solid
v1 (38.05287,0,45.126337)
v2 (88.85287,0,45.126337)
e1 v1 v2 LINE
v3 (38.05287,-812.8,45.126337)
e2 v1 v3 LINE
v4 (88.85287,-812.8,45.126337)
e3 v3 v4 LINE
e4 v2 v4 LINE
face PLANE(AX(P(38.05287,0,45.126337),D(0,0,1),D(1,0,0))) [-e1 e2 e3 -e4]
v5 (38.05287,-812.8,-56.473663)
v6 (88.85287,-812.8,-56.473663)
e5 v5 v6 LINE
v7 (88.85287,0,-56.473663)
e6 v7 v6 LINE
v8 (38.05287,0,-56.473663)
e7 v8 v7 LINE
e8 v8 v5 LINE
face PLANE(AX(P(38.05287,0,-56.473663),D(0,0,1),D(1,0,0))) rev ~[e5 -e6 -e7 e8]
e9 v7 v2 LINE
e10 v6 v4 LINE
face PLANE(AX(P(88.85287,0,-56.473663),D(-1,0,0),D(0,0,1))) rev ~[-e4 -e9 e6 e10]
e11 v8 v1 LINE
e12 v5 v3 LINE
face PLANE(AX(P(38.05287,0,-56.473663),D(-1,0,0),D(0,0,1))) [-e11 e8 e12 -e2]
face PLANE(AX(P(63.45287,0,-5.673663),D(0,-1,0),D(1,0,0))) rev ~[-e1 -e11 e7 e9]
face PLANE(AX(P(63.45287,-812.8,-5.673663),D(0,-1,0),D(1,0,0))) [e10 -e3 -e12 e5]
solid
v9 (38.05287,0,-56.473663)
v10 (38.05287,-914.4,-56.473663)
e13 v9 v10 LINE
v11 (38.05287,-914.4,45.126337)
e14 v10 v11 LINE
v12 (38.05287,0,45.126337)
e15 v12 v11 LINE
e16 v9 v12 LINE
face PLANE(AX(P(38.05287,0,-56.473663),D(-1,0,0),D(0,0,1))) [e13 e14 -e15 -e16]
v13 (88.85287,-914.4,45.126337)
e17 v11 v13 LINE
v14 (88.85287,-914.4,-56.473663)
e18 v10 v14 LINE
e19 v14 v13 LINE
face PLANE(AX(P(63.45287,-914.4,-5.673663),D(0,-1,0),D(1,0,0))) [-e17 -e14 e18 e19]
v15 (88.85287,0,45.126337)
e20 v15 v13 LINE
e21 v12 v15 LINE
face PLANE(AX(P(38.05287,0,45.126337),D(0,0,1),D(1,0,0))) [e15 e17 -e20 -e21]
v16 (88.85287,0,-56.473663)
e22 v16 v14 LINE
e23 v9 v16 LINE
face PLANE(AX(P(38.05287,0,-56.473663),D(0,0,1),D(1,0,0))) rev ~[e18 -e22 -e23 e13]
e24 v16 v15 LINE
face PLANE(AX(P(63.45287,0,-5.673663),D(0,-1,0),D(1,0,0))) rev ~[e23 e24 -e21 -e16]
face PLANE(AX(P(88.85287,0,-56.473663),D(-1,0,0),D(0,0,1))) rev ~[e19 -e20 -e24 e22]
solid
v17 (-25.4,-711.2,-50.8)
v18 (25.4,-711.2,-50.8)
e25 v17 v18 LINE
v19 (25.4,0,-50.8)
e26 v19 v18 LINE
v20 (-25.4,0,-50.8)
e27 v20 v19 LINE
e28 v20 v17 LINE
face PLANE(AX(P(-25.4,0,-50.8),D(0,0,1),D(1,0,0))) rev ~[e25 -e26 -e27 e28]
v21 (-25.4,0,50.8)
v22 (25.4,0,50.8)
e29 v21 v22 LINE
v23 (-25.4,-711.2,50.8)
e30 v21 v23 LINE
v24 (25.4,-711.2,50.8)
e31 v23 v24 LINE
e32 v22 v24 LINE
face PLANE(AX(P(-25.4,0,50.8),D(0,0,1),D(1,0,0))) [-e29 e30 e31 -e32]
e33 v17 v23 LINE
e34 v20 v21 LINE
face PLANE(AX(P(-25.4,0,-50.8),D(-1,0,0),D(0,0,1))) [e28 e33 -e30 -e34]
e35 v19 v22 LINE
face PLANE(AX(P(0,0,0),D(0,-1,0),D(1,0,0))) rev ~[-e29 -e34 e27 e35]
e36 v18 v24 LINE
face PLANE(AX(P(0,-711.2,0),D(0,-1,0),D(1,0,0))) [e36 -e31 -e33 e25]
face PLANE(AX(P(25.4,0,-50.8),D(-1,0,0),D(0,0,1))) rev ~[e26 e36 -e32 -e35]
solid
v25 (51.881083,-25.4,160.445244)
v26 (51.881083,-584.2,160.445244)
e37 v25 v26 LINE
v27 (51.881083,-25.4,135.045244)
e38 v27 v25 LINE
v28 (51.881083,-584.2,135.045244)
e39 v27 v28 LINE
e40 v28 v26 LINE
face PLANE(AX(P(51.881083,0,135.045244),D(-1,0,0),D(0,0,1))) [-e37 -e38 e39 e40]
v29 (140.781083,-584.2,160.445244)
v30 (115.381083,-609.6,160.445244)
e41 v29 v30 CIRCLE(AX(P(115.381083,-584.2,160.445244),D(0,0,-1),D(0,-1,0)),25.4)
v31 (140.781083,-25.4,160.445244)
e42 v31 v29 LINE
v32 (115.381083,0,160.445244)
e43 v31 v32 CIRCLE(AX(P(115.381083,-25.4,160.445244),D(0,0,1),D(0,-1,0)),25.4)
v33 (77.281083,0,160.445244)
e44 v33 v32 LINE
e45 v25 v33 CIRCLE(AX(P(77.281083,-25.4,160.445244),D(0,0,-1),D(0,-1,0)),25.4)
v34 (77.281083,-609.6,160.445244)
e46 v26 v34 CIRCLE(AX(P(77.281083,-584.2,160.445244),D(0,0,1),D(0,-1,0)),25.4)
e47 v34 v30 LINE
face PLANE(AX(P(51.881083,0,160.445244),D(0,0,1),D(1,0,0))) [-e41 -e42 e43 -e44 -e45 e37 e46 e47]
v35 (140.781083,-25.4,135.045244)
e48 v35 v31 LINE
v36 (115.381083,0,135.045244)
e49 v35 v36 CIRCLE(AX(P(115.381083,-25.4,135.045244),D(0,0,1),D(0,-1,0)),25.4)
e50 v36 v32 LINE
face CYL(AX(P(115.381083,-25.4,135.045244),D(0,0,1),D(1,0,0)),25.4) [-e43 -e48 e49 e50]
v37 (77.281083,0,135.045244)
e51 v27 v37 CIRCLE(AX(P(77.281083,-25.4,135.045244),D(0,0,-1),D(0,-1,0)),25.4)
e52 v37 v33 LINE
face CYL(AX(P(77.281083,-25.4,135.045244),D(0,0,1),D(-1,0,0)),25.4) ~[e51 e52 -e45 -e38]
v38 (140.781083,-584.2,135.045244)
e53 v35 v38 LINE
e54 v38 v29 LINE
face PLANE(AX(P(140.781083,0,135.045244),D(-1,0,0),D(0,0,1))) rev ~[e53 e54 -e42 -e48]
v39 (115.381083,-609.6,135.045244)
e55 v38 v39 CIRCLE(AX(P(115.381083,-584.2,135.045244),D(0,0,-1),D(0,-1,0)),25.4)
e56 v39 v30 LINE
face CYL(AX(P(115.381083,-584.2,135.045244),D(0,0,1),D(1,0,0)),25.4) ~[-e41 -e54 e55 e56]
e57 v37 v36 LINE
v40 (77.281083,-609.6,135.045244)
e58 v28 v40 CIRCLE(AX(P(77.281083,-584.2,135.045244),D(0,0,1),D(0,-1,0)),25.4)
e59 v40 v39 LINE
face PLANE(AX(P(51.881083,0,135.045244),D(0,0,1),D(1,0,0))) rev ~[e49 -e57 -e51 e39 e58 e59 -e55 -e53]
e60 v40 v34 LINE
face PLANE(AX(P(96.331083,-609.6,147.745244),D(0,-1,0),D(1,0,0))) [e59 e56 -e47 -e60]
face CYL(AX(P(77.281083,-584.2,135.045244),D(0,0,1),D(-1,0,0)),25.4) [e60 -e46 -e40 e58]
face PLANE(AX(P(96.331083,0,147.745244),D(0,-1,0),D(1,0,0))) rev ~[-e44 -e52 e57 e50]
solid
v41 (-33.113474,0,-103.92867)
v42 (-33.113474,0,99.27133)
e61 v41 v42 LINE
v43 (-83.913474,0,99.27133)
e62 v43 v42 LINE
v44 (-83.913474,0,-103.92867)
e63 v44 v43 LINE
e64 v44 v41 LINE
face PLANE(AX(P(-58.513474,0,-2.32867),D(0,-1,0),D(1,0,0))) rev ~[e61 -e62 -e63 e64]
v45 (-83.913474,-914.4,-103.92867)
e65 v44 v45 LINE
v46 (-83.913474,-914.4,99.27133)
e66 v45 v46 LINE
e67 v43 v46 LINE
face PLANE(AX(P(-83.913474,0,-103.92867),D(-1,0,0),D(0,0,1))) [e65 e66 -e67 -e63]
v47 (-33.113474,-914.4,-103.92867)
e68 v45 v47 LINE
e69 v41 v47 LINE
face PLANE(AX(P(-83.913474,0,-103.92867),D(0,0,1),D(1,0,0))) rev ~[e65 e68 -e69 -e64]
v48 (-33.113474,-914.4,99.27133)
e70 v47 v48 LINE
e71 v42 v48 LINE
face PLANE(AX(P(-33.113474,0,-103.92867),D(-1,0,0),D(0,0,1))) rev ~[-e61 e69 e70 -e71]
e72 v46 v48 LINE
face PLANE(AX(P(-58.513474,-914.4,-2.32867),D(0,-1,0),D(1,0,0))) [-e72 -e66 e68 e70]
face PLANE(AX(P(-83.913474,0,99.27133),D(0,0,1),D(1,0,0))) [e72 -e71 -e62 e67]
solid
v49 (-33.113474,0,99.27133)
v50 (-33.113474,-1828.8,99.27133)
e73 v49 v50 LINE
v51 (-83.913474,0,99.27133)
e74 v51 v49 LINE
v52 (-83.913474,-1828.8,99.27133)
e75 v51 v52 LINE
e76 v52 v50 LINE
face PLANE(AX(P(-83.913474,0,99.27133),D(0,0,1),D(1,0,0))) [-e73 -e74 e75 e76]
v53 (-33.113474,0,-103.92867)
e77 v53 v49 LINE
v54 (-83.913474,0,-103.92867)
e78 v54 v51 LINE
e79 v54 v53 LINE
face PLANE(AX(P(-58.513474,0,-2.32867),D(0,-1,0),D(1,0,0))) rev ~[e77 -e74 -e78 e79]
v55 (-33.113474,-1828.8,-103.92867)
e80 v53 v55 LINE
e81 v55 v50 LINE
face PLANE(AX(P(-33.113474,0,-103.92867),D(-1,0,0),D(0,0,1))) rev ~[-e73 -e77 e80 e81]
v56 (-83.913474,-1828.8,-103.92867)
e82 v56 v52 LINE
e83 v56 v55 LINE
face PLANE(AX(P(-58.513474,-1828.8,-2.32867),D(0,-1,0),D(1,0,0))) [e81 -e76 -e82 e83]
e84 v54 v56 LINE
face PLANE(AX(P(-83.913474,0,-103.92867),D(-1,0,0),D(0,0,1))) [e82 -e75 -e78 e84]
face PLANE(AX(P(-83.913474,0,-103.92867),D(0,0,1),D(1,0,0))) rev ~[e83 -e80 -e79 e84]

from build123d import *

# Parameters (mm, degrees)
F0_W     = 50.8
F0_H     = 101.6
F1_DEPTH = 711.2
F2_W     = 50.8
F2_H     = 101.6
F3_DEPTH = 812.8
F4_W     = 50.8
F4_H     = 203.2
F5_DEPTH = 914.4
F6_DEPTH = 1828.8
F7_DEPTH = 914.4
F8_W     = 88.9
F8_H     = 25.4
F9_DEPTH = 609.6
F10_R    = 25.4


with BuildPart() as f1:
    # F0 (on Front) → F1 (new body)
    with BuildSketch(Plane.XZ):
        Rectangle(F0_W, F0_H)
    extrude(amount=F1_DEPTH)


with BuildPart() as f3:
    # F2 (on Front) → F3 (new body)
    with BuildSketch(Plane.XZ):
        with Locations((63.45287, -5.673663)):
            Rectangle(F2_W, F2_H)
    extrude(amount=F3_DEPTH)


with BuildPart() as f5:
    # F4 (on Front) → F5 (new body)
    with BuildSketch(Plane.XZ):
        with Locations((-58.513474, -2.32867)):
            Rectangle(F4_W, F4_H)
    extrude(amount=F5_DEPTH)


with BuildPart() as f6:
    # F4 (on Front) → F6 (new body)
    with BuildSketch(Plane.XZ):
        with Locations((-58.513474, -2.32867)):
            Rectangle(F4_W, F4_H)
    extrude(amount=F6_DEPTH)


with BuildPart() as f7:
    # F2 (on Front) → F7 (new body)
    with BuildSketch(Plane.XZ):
        with Locations((63.45287, -5.673663)):
            Rectangle(F2_W, F2_H)
    extrude(amount=F7_DEPTH)


with BuildPart() as f9:
    # F8 (on Front) → F9 (new body)
    with BuildSketch(Plane.XZ):
        with Locations((96.331083, 147.745244)):
            Rectangle(F8_W, F8_H)
    extrude(amount=F9_DEPTH)

    # F10
    f10_edges = [f9.edges().sort_by_distance(p)[0] for p in [
        (140.781083, 0, 147.745244),
        (51.881083, 0, 147.745244),
        (51.881083, -609.6, 147.745244),
        (140.781083, -609.6, 147.745244),
    ]]
    fillet(f10_edges, radius=F10_R)


solid = Compound([f1.part, f3.part, f5.part, f6.part, f7.part, f9.part])
